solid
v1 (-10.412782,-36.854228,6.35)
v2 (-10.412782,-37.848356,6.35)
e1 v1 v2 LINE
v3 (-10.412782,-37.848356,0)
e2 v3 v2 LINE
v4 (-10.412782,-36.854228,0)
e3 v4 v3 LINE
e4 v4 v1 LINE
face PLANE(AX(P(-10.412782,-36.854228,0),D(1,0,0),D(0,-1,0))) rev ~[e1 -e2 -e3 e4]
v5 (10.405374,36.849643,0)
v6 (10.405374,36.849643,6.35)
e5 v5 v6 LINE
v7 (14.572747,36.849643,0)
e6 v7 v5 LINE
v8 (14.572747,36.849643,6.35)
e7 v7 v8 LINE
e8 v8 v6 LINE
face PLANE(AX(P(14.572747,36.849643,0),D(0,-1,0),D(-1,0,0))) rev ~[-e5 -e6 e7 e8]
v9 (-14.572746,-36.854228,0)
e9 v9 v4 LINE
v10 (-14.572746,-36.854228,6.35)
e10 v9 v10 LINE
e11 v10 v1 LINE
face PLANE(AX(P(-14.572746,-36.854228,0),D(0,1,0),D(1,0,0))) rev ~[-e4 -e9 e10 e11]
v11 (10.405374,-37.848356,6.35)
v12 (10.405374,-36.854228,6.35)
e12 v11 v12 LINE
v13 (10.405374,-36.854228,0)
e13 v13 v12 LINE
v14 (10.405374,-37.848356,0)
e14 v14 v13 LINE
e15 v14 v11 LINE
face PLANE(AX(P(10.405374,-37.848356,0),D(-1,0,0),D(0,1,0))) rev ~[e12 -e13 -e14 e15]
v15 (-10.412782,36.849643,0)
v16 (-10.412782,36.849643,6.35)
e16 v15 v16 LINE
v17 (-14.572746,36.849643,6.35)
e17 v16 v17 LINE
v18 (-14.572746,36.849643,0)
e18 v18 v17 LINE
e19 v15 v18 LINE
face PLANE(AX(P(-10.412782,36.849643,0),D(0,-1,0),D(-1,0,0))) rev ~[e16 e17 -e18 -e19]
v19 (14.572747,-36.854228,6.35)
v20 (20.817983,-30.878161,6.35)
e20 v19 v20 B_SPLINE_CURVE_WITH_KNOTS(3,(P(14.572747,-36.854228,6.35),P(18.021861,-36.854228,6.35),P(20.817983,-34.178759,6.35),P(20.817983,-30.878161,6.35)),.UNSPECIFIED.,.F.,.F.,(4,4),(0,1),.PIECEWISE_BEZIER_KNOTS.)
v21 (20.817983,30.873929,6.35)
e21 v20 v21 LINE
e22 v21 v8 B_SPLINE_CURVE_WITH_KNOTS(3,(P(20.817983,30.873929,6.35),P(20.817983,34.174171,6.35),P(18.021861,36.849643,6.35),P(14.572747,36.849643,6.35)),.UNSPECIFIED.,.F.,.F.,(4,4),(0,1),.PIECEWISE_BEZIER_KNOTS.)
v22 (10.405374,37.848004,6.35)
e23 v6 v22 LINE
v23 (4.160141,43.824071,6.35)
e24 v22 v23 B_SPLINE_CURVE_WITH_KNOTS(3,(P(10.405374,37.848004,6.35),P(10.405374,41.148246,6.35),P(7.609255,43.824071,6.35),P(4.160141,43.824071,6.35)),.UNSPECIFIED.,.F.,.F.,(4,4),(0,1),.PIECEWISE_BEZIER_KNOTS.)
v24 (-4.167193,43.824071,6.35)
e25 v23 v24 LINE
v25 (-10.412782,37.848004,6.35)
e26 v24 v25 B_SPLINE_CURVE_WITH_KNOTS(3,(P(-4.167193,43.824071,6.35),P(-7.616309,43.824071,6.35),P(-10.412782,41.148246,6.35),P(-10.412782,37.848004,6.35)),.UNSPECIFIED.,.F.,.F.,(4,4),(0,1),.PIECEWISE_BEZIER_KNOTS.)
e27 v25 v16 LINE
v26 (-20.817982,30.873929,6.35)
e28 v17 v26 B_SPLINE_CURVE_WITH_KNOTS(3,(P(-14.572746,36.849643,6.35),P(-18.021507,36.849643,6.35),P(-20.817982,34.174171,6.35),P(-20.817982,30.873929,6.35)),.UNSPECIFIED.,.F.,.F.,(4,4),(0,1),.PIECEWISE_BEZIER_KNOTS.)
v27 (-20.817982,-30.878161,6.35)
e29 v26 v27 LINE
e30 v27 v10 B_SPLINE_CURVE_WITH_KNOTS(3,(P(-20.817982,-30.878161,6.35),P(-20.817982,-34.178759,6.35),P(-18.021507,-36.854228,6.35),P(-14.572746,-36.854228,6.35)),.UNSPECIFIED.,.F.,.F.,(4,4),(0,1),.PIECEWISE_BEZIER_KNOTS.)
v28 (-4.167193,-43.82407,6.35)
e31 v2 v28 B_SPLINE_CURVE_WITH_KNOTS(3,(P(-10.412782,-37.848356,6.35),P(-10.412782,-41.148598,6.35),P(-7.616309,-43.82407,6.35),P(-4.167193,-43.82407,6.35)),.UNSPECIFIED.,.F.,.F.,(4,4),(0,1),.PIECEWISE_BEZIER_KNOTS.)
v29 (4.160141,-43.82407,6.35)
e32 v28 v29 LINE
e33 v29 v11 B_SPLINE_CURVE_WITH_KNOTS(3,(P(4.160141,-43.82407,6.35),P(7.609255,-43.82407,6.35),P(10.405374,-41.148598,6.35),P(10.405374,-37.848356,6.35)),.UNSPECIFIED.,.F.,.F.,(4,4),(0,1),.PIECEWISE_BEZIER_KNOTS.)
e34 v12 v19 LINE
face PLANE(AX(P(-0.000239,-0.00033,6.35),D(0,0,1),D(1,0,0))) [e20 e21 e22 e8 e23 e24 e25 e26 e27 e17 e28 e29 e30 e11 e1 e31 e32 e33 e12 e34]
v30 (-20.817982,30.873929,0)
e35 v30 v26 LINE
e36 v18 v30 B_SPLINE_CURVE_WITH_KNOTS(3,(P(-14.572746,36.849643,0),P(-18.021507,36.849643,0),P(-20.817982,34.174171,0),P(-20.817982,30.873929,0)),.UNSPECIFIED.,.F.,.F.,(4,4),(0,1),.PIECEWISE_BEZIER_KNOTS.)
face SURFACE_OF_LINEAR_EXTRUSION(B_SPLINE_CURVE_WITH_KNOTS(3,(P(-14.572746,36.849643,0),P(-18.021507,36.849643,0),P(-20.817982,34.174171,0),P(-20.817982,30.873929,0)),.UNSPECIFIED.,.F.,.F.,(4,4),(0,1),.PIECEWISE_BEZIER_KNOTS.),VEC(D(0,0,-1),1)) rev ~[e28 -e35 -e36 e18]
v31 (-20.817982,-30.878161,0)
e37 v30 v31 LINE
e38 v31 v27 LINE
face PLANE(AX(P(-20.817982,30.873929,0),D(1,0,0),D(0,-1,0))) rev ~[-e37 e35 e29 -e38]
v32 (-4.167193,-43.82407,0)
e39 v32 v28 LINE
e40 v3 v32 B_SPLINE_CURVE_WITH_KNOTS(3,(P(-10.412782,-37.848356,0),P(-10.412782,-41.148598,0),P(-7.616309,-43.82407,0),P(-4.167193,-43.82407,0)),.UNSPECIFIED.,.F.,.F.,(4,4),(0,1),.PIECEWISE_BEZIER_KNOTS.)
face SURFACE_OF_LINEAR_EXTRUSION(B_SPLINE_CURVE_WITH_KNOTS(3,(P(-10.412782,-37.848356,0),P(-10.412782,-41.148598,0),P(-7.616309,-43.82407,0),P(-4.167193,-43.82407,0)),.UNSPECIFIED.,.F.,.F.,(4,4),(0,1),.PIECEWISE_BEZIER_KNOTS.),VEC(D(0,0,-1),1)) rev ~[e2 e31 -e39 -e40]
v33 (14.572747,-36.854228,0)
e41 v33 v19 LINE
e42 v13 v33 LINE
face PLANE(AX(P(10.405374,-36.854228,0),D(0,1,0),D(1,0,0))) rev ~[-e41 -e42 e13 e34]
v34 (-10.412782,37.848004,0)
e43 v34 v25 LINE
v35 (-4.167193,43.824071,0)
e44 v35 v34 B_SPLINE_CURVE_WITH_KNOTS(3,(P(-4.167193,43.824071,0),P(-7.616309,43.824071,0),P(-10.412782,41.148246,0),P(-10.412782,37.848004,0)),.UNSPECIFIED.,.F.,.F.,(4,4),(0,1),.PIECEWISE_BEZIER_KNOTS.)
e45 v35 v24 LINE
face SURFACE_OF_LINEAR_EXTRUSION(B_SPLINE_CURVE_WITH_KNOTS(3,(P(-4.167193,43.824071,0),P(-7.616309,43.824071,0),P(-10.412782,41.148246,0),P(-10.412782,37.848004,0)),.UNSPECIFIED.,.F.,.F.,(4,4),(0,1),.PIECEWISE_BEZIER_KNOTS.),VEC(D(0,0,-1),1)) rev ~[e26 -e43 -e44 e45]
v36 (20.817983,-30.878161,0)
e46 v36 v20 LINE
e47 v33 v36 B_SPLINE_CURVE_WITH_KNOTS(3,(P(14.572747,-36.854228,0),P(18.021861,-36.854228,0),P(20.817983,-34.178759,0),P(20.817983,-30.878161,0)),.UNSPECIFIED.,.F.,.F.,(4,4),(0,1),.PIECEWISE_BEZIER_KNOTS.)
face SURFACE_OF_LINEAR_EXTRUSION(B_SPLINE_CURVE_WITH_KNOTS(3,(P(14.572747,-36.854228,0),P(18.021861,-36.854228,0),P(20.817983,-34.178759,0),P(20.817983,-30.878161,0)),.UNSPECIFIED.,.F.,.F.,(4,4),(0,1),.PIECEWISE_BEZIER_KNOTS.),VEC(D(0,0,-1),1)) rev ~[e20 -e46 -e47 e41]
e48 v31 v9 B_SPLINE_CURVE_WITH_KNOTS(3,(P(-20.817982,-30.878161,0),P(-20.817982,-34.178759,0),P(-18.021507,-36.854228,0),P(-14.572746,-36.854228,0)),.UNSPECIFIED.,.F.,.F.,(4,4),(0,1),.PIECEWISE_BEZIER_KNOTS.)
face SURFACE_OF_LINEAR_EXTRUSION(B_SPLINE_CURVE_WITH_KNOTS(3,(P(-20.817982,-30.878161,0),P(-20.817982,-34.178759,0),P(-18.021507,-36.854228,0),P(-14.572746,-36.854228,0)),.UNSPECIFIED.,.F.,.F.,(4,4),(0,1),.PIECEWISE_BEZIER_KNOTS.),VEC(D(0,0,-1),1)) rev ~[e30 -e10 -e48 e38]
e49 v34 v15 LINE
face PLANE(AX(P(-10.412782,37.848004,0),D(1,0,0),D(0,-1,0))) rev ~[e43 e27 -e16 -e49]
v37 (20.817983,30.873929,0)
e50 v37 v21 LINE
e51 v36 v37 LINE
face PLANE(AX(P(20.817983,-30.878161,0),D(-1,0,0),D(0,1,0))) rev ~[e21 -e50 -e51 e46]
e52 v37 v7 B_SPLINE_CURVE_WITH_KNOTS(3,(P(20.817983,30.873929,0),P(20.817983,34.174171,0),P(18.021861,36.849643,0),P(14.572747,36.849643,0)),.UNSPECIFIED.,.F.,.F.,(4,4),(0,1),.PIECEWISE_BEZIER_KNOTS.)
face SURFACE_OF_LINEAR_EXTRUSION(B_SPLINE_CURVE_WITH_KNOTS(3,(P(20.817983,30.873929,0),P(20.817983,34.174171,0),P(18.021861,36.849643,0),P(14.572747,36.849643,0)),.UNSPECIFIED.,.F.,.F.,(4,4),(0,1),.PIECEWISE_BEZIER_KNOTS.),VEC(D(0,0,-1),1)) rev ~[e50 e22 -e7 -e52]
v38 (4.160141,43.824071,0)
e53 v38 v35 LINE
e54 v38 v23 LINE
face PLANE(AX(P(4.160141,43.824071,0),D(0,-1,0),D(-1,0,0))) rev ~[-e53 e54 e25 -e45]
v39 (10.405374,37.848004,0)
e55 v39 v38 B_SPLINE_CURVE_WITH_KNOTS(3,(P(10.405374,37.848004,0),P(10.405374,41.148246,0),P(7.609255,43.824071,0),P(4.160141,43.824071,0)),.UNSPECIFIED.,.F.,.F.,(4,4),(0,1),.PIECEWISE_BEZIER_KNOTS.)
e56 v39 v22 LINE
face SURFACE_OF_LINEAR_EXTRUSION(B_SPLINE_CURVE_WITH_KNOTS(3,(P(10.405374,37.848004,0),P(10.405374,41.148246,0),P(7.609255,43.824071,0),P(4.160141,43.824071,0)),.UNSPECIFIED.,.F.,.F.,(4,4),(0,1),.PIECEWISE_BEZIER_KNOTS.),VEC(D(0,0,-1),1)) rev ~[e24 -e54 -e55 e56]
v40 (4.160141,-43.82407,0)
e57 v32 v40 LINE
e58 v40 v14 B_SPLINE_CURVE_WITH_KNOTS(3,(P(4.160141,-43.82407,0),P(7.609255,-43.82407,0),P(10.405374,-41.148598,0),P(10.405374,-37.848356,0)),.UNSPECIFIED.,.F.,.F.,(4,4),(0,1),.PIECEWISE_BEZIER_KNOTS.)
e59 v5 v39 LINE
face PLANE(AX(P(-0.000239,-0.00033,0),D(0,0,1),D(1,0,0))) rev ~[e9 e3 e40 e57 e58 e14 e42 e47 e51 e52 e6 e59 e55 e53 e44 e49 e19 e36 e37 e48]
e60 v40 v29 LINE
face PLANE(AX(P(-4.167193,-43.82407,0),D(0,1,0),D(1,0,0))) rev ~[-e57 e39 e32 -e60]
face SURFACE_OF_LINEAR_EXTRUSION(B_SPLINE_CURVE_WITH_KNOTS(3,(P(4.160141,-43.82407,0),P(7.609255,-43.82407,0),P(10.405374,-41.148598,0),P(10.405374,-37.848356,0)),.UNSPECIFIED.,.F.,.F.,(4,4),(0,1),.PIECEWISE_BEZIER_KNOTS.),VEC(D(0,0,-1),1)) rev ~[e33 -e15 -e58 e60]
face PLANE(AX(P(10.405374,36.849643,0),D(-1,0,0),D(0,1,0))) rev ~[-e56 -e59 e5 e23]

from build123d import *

# Parameters (mm, degrees)
F1_DEPTH = 6.35


with BuildPart() as f1:
    # F0 (on Top) → F1 (new body)
    with BuildSketch(Plane.XY):
        with BuildLine():
            add(Edge.make_bspline(
                [(-4.167193, 43.824071), (-7.616309, 43.824071), (-10.412782, 41.148246), (-10.412782, 37.848004)],
                knots=[0, 0, 0, 0, 1, 1, 1, 1], degree=3))
            Line((-10.412782, 37.848004), (-10.412782, 36.849643))
            Line((-10.412782, 36.849643), (-14.572746, 36.849643))
            add(Edge.make_bspline(
                [(-14.572746, 36.849643), (-18.021507, 36.849643), (-20.817982, 34.174171), (-20.817982, 30.873929)],
                knots=[0, 0, 0, 0, 1, 1, 1, 1], degree=3))
            Line((-20.817982, 30.873929), (-20.817982, -30.878161))
            add(Edge.make_bspline(
                [(-20.817982, -30.878161), (-20.817982, -34.178759), (-18.021507, -36.854228), (-14.572746, -36.854228)],
                knots=[0, 0, 0, 0, 1, 1, 1, 1], degree=3))
            Line((-14.572746, -36.854228), (-10.412782, -36.854228))
            Line((-10.412782, -36.854228), (-10.412782, -37.848356))
            add(Edge.make_bspline(
                [(-10.412782, -37.848356), (-10.412782, -41.148598), (-7.616309, -43.82407), (-4.167193, -43.82407)],
                knots=[0, 0, 0, 0, 1, 1, 1, 1], degree=3))
            Line((-4.167193, -43.82407), (4.160141, -43.82407))
            add(Edge.make_bspline(
                [(4.160141, -43.82407), (7.609255, -43.82407), (10.405374, -41.148598), (10.405374, -37.848356)],
                knots=[0, 0, 0, 0, 1, 1, 1, 1], degree=3))
            Line((10.405374, -37.848356), (10.405374, -36.854228))
            Line((10.405374, -36.854228), (14.572747, -36.854228))
            add(Edge.make_bspline(
                [(14.572747, -36.854228), (18.021861, -36.854228), (20.817983, -34.178759), (20.817983, -30.878161)],
                knots=[0, 0, 0, 0, 1, 1, 1, 1], degree=3))
            Line((20.817983, -30.878161), (20.817983, 30.873929))
            add(Edge.make_bspline(
                [(20.817983, 30.873929), (20.817983, 34.174171), (18.021861, 36.849643), (14.572747, 36.849643)],
                knots=[0, 0, 0, 0, 1, 1, 1, 1], degree=3))
            Line((14.572747, 36.849643), (10.405374, 36.849643))
            Line((10.405374, 36.849643), (10.405374, 37.848004))
            add(Edge.make_bspline(
                [(10.405374, 37.848004), (10.405374, 41.148246), (7.609255, 43.824071), (4.160141, 43.824071)],
                knots=[0, 0, 0, 0, 1, 1, 1, 1], degree=3))
            Line((4.160141, 43.824071), (-4.167193, 43.824071))
        make_face()
    extrude(amount=F1_DEPTH)


solid = f1.part
